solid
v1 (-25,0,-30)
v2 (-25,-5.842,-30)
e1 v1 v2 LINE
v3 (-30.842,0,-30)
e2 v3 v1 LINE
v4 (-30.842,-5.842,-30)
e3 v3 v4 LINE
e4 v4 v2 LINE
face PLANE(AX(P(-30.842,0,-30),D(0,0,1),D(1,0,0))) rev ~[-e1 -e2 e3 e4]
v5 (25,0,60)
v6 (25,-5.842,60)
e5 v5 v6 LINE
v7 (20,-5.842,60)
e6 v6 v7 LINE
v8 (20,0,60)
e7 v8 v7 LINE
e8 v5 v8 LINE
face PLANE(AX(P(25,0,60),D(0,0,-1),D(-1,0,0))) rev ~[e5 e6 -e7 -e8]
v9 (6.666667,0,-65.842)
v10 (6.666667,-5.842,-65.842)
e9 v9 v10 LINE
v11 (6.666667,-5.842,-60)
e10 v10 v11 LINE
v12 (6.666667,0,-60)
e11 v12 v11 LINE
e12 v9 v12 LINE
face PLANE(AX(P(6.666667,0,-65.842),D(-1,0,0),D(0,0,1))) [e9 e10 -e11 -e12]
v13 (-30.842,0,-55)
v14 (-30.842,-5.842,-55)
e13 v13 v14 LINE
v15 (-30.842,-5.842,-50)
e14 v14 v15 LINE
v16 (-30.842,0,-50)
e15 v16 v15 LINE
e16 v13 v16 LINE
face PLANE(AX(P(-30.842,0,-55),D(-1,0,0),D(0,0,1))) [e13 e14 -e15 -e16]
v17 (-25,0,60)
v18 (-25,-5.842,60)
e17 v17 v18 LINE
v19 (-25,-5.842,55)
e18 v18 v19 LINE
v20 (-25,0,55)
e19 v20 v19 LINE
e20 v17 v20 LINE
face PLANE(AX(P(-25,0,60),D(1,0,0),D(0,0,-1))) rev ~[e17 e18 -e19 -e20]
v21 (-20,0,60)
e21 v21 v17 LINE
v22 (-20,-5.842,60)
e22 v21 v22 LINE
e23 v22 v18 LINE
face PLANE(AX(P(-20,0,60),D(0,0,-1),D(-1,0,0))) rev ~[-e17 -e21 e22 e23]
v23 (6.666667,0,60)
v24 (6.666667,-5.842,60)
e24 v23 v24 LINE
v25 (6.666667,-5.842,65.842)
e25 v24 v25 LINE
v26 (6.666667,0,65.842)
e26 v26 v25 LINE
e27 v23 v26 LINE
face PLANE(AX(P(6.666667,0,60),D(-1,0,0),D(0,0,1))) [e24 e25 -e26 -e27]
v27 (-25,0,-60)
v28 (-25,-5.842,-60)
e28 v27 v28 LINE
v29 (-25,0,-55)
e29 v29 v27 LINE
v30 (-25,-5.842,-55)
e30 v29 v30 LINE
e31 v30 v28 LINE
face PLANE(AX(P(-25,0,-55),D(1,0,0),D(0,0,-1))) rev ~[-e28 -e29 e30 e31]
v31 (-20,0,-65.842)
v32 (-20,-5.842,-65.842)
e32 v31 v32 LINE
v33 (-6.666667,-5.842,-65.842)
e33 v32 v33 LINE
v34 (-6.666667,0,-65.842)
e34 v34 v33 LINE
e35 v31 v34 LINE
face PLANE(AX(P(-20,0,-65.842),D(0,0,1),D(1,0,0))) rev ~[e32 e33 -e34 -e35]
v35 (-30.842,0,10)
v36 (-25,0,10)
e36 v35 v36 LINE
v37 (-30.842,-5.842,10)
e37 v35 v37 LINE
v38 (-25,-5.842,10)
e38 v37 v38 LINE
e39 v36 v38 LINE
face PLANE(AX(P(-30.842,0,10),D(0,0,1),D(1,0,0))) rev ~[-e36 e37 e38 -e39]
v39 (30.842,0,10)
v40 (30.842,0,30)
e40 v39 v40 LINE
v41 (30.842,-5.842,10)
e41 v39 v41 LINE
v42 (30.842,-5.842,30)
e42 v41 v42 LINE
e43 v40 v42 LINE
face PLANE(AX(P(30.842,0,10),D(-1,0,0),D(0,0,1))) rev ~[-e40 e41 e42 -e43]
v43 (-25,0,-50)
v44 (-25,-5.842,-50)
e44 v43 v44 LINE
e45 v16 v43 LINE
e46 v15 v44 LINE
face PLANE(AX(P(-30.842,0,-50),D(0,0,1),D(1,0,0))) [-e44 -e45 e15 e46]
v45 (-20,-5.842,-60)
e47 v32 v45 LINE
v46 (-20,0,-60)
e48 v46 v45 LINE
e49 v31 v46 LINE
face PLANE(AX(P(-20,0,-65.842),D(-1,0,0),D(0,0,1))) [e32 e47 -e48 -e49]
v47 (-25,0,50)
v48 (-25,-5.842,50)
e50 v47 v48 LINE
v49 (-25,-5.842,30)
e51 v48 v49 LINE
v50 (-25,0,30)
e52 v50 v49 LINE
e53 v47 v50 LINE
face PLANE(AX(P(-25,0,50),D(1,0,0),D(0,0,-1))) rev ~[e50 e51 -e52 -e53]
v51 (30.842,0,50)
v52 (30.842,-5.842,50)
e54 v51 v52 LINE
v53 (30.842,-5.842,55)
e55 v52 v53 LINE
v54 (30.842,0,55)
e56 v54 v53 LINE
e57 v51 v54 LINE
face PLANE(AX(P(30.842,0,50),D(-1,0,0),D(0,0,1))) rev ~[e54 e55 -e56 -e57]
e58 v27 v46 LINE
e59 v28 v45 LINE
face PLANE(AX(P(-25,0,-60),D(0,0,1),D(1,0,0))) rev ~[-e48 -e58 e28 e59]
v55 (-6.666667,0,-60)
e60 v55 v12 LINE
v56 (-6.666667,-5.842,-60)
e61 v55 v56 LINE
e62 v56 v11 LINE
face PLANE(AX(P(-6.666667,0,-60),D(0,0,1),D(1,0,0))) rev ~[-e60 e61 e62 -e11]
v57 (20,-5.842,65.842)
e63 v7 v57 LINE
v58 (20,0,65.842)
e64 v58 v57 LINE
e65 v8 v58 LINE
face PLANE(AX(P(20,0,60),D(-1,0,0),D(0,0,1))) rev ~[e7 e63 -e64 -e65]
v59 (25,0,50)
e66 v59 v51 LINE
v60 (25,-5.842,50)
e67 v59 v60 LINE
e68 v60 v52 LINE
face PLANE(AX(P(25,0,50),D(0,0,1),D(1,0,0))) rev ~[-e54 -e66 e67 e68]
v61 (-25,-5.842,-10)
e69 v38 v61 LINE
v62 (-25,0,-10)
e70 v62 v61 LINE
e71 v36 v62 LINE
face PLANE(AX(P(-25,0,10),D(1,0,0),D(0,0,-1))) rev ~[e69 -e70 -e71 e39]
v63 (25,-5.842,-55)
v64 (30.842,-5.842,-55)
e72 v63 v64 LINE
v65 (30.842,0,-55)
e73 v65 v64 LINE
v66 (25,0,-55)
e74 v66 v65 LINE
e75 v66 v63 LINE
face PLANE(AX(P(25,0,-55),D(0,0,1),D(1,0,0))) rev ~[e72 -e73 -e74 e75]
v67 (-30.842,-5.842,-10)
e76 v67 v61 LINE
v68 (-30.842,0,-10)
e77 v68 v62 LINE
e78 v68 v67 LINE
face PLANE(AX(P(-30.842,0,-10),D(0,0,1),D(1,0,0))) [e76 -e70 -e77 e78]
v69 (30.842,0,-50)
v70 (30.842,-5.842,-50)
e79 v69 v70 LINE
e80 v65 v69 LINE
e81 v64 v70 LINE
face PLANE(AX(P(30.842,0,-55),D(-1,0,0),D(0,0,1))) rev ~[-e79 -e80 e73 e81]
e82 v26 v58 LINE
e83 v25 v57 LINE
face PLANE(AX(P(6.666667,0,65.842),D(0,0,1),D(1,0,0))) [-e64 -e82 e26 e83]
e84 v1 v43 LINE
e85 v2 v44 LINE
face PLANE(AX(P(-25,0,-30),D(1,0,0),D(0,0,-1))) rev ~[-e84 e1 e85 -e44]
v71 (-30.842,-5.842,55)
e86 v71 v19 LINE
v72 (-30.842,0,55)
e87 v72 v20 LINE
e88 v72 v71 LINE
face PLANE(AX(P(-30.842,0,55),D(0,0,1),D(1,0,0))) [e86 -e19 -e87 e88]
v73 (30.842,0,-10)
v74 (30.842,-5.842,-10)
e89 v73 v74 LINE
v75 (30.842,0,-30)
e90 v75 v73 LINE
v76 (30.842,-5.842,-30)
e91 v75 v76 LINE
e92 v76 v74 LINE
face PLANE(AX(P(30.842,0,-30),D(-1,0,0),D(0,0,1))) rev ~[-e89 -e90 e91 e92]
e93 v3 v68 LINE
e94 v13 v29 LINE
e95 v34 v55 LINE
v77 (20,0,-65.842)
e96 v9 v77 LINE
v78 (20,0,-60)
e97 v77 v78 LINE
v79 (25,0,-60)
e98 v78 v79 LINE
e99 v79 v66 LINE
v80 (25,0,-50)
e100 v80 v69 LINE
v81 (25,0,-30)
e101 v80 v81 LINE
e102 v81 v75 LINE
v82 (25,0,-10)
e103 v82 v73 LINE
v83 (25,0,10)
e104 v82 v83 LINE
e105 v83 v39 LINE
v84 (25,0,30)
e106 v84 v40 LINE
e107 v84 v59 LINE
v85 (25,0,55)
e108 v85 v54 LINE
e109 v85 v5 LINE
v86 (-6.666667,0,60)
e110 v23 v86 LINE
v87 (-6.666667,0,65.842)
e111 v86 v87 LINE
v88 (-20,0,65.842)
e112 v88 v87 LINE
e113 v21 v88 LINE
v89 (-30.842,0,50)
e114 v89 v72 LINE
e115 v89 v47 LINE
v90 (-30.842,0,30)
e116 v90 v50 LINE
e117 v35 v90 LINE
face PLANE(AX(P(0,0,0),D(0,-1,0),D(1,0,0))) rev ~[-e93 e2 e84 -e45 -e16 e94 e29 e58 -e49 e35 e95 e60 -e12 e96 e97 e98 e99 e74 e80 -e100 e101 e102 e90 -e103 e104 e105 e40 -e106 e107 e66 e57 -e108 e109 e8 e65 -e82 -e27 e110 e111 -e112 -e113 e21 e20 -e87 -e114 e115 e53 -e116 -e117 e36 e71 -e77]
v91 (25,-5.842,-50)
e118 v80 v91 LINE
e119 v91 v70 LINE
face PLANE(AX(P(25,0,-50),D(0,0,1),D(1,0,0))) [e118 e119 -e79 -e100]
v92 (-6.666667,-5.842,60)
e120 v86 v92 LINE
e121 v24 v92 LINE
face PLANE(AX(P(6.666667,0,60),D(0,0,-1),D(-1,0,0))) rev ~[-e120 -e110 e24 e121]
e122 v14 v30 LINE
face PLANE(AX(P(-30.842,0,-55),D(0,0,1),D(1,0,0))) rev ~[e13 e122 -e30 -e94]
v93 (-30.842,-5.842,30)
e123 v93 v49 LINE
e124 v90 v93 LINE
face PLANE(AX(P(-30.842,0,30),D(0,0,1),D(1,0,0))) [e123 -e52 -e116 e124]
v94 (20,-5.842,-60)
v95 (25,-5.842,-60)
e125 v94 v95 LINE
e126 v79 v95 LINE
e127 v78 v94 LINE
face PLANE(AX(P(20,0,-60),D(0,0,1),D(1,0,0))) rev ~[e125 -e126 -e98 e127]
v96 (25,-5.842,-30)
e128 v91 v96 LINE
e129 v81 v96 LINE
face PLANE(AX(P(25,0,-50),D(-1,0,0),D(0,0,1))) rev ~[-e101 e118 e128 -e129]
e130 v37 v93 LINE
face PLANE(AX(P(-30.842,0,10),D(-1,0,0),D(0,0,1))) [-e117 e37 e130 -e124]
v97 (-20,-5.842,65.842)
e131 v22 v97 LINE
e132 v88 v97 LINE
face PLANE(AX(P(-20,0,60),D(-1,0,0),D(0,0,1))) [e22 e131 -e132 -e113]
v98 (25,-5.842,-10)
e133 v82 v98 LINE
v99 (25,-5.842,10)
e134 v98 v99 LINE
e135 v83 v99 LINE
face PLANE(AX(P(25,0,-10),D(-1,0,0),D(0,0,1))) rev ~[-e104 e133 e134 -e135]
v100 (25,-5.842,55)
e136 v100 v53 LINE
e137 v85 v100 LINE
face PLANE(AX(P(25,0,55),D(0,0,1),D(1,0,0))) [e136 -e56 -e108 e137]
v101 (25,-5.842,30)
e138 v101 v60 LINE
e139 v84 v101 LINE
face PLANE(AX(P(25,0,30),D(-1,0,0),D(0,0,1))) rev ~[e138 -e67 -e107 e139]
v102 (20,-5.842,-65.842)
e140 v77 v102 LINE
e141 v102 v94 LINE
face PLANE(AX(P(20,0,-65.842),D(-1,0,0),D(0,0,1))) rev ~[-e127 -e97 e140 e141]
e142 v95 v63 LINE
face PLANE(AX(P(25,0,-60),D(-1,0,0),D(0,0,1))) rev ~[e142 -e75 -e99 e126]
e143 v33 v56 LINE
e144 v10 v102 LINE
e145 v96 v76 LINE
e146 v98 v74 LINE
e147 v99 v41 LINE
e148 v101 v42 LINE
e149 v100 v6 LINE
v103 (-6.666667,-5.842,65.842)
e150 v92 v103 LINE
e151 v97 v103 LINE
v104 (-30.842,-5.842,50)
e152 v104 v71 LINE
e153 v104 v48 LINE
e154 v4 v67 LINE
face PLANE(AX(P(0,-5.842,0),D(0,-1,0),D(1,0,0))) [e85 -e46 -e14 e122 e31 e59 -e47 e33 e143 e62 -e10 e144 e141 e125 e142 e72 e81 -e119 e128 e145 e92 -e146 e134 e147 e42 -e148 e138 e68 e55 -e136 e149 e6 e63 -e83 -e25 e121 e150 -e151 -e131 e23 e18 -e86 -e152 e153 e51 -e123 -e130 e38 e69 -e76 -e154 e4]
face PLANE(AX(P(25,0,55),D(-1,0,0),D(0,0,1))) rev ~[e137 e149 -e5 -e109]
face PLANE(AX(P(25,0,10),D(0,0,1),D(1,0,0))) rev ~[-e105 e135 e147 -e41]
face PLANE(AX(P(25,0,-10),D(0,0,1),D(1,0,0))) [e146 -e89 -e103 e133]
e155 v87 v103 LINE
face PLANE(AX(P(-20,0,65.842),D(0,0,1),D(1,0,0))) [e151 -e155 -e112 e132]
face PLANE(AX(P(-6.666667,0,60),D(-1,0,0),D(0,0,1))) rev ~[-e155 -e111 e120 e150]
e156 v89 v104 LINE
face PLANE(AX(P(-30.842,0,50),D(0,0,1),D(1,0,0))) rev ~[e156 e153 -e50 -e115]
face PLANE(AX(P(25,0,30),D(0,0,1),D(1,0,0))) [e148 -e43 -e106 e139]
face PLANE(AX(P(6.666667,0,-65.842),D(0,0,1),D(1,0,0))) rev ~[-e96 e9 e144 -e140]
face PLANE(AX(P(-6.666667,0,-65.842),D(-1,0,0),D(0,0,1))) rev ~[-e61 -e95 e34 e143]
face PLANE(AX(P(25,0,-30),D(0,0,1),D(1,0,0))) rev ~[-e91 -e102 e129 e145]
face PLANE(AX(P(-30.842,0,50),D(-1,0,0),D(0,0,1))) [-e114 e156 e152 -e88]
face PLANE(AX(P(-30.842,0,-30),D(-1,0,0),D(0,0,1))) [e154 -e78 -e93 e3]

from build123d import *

# Parameters (mm, degrees)
F0_W     = 13.333333
F0_H     = 5.842
F0_W_2   = 5.842
F0_H_2   = 5
F0_H_3   = 20
F1_DEPTH = 5.842


with BuildPart() as f1:
    # F0 (on Front) → F1 (new body)
    with BuildSketch(Plane.XZ):
        Polygon((-20, 60), (-25, 60), (-25, 55), (-25, 50), (-25, 30), (-25, 10), (-25, -10), (-25, -30), (-25, -50), (-25, -55), (-25, -60), (-20, -60), (-6.666667, -60), (6.666667, -60), (20, -60), (25, -60), (25, -55), (25, -50), (25, -30), (25, -10), (25, 10), (25, 30), (25, 50), (25, 55), (25, 60), (20, 60), (6.666667, 60), (-6.666667, 60), align=None)
        with Locations((-13.333334, 62.921)):
            Rectangle(F0_W, F0_H)
        with Locations((-27.921, 52.5)):
            Rectangle(F0_W_2, F0_H_2)
        with Locations((13.333334, 62.921)):
            Rectangle(F0_W, F0_H)
        with Locations((-27.921, 20)):
            Rectangle(F0_W_2, F0_H_3)
        with Locations((-27.921, -20)):
            Rectangle(F0_W_2, F0_H_3)
        with Locations((27.921, 52.5)):
            Rectangle(F0_W_2, F0_H_2)
        with Locations((-27.921, -52.5)):
            Rectangle(F0_W_2, F0_H_2)
        with Locations((27.921, 20)):
            Rectangle(F0_W_2, F0_H_3)
        with Locations((27.921, -20)):
            Rectangle(F0_W_2, F0_H_3)
        with Locations((-13.333334, -62.921)):
            Rectangle(F0_W, F0_H)
        with Locations((27.921, -52.5)):
            Rectangle(F0_W_2, F0_H_2)
        with Locations((13.333334, -62.921)):
            Rectangle(F0_W, F0_H)
    extrude(amount=F1_DEPTH)


solid = f1.part
